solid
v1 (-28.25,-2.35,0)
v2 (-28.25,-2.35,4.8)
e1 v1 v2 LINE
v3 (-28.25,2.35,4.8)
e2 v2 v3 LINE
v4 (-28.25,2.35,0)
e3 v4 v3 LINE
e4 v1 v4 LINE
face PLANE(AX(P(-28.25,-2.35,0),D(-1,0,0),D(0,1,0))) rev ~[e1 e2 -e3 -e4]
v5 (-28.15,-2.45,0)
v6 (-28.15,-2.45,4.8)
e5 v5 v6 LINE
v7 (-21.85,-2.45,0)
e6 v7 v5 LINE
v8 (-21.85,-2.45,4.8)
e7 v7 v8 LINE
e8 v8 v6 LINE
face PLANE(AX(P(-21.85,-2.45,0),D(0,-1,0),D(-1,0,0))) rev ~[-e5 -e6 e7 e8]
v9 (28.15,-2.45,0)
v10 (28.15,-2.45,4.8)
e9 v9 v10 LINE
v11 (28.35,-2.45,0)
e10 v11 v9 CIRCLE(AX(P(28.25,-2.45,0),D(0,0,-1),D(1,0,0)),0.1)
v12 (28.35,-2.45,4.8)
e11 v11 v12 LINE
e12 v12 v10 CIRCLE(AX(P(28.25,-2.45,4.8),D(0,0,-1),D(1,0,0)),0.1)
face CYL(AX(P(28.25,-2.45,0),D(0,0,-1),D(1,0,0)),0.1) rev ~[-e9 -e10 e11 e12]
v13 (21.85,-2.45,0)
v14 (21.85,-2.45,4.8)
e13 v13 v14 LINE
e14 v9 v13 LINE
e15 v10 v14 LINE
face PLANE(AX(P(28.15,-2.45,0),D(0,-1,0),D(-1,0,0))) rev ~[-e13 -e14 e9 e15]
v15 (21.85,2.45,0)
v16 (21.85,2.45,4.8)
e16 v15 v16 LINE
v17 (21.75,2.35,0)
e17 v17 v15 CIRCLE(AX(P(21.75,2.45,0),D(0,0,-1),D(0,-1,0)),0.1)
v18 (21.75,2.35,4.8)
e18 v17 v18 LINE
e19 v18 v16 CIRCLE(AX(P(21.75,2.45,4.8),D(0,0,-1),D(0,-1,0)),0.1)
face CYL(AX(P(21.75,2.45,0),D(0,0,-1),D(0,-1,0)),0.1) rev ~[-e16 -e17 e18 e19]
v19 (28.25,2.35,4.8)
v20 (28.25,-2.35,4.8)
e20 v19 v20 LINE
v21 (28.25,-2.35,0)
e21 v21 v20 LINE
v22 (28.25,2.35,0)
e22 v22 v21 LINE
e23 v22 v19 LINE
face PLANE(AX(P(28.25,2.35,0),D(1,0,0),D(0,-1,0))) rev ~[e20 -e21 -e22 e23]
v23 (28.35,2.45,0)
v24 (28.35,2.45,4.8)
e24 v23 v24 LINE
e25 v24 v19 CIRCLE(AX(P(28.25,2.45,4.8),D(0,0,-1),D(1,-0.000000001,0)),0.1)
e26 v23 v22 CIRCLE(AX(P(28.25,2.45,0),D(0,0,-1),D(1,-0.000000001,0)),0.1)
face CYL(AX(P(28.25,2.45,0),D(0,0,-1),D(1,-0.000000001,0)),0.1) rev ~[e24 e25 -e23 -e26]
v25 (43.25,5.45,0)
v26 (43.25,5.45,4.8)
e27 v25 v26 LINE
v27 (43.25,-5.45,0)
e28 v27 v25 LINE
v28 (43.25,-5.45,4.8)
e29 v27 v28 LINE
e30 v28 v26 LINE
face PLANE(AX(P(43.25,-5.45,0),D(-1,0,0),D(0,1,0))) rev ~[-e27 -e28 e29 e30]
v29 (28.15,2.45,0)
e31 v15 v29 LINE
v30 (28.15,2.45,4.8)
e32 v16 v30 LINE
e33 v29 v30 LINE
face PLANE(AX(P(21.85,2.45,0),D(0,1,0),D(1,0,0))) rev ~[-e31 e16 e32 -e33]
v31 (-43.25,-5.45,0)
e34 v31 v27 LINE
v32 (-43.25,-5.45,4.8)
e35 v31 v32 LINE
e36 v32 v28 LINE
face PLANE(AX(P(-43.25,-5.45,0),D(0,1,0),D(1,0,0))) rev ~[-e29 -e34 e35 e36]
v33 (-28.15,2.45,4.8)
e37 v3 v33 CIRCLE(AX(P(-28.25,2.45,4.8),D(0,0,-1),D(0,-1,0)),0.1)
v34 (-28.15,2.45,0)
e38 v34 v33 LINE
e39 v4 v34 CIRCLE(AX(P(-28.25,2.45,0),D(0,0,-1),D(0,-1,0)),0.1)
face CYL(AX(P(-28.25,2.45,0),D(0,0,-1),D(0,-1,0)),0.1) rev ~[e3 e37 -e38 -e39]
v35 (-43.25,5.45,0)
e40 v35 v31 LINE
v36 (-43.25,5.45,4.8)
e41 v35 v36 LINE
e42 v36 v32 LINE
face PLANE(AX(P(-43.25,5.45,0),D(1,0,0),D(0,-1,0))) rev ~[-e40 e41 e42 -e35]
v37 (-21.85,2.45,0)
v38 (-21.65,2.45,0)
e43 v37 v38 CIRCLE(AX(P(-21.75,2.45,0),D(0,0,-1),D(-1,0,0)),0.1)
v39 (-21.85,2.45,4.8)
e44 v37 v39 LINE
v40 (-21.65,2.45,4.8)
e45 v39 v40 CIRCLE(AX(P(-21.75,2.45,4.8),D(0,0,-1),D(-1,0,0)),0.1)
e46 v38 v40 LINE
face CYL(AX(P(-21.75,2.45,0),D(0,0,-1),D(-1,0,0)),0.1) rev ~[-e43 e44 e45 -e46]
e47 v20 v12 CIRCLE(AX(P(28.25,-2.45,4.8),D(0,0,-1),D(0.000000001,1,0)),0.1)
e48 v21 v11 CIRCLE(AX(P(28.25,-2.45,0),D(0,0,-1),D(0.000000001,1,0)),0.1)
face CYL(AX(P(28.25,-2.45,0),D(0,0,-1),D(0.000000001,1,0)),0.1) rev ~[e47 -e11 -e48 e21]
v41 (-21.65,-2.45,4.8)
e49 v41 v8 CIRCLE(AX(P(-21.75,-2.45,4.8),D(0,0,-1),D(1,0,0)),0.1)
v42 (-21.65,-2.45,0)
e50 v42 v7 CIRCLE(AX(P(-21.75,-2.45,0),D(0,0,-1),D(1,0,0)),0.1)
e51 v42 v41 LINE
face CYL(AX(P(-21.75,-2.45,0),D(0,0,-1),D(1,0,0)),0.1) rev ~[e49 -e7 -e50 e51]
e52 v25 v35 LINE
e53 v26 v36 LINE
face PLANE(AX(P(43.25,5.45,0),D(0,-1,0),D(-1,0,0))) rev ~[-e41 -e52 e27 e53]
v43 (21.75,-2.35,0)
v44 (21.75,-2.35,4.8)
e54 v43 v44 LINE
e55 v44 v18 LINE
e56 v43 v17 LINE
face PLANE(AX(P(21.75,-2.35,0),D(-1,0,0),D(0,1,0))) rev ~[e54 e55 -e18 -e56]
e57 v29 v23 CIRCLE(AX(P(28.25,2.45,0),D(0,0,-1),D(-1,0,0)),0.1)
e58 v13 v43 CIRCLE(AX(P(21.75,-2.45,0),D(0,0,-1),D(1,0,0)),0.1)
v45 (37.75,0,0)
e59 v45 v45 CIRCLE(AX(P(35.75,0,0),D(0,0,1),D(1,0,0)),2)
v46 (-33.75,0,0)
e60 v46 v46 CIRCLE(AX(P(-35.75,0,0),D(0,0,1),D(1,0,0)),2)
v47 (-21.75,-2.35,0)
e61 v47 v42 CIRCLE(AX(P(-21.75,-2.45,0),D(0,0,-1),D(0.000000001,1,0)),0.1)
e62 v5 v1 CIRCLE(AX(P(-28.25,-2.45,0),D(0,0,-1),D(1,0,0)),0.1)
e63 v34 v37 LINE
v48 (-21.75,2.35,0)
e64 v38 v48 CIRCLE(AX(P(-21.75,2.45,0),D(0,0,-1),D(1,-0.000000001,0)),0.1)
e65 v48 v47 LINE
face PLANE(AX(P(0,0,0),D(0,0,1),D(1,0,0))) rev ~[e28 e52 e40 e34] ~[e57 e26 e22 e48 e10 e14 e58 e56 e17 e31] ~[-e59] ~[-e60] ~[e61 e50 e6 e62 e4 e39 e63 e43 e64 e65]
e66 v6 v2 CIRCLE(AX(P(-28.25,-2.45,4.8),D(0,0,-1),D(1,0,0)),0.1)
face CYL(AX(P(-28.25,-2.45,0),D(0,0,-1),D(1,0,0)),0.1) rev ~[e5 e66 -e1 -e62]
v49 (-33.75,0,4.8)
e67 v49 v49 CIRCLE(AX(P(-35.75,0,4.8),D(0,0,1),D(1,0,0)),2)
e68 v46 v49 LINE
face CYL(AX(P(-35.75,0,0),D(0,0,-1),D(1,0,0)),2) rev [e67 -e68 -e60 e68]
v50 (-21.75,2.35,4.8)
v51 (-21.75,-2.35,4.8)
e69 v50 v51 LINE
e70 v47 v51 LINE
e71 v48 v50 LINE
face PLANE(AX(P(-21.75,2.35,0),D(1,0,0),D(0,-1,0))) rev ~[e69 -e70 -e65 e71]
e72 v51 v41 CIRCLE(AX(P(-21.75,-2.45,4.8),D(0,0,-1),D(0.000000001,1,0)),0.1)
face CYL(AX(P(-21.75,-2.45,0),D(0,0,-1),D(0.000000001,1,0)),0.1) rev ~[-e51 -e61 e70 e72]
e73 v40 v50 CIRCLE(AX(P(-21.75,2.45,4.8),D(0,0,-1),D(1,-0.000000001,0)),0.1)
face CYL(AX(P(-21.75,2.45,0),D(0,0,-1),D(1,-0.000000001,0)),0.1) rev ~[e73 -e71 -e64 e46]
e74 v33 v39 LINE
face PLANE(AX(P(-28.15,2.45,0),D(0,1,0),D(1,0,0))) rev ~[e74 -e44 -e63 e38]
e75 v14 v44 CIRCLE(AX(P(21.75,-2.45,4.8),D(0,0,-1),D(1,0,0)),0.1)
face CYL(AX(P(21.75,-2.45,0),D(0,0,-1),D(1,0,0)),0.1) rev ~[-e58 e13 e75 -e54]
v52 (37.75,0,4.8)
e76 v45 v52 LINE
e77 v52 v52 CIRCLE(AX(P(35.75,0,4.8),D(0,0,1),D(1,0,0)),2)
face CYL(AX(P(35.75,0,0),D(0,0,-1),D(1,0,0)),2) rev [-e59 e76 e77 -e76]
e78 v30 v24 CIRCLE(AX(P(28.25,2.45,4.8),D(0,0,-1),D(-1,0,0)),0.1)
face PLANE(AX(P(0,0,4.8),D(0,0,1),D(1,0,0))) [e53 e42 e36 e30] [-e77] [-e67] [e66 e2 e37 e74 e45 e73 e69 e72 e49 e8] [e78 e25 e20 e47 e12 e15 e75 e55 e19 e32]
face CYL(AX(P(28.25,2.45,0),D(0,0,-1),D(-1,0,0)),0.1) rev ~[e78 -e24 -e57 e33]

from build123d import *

# Parameters (mm, degrees)
F1_R     = 2
F2_DEPTH = 4.8


with BuildPart() as f2:
    # F1 (on Top) → F2 (new body)
    with BuildSketch(Plane.XY):
        Polygon((-43.25, 5.45), (-43.25, 0), (-43.25, -5.45), (0, -5.45), (43.25, -5.45), (43.25, 0), (43.25, 5.45), (0, 5.45), align=None)
        with Locations((-35.75, 0)):
            Circle(F1_R, mode=Mode.SUBTRACT)
        with BuildLine():
            Line((-21.75, 2.35), (-21.75, -2.35))
            ThreePointArc((-21.75, -2.35), (-21.6792893219, -2.3792893219), (-21.65, -2.45))
            ThreePointArc((-21.65, -2.45), (-21.75, -2.55), (-21.85, -2.45))
            Line((-21.85, -2.45), (-28.15, -2.45))
            ThreePointArc((-28.15, -2.45), (-28.3207106781, -2.5207106781), (-28.25, -2.35))
            Line((-28.25, -2.35), (-28.25, 2.35))
            ThreePointArc((-28.25, 2.35), (-28.3207106781, 2.5207106781), (-28.15, 2.45))
            Line((-28.15, 2.45), (-21.85, 2.45))
            ThreePointArc((-21.85, 2.45), (-21.75, 2.55), (-21.65, 2.45))
            ThreePointArc((-21.65, 2.45), (-21.6792893219, 2.3792893219), (-21.75, 2.35))
        make_face(mode=Mode.SUBTRACT)
        with BuildLine():
            Line((28.15, -2.45), (21.85, -2.45))
            ThreePointArc((21.85, -2.45), (21.6792893219, -2.5207106781), (21.75, -2.35))
            Line((21.75, -2.35), (21.75, 2.35))
            ThreePointArc((21.75, 2.35), (21.6792893219, 2.5207106781), (21.85, 2.45))
            Line((21.85, 2.45), (28.15, 2.45))
            ThreePointArc((28.15, 2.45), (28.25, 2.55), (28.35, 2.45))
            ThreePointArc((28.35, 2.45), (28.3207106781, 2.3792893219), (28.25, 2.35))
            Line((28.25, 2.35), (28.25, -2.35))
            ThreePointArc((28.25, -2.35), (28.3207106781, -2.3792893219), (28.35, -2.45))
            ThreePointArc((28.35, -2.45), (28.25, -2.55), (28.15, -2.45))
        make_face(mode=Mode.SUBTRACT)
        with Locations((35.75, 0)):
            Circle(F1_R, mode=Mode.SUBTRACT)
    extrude(amount=F2_DEPTH)


solid = f2.part
